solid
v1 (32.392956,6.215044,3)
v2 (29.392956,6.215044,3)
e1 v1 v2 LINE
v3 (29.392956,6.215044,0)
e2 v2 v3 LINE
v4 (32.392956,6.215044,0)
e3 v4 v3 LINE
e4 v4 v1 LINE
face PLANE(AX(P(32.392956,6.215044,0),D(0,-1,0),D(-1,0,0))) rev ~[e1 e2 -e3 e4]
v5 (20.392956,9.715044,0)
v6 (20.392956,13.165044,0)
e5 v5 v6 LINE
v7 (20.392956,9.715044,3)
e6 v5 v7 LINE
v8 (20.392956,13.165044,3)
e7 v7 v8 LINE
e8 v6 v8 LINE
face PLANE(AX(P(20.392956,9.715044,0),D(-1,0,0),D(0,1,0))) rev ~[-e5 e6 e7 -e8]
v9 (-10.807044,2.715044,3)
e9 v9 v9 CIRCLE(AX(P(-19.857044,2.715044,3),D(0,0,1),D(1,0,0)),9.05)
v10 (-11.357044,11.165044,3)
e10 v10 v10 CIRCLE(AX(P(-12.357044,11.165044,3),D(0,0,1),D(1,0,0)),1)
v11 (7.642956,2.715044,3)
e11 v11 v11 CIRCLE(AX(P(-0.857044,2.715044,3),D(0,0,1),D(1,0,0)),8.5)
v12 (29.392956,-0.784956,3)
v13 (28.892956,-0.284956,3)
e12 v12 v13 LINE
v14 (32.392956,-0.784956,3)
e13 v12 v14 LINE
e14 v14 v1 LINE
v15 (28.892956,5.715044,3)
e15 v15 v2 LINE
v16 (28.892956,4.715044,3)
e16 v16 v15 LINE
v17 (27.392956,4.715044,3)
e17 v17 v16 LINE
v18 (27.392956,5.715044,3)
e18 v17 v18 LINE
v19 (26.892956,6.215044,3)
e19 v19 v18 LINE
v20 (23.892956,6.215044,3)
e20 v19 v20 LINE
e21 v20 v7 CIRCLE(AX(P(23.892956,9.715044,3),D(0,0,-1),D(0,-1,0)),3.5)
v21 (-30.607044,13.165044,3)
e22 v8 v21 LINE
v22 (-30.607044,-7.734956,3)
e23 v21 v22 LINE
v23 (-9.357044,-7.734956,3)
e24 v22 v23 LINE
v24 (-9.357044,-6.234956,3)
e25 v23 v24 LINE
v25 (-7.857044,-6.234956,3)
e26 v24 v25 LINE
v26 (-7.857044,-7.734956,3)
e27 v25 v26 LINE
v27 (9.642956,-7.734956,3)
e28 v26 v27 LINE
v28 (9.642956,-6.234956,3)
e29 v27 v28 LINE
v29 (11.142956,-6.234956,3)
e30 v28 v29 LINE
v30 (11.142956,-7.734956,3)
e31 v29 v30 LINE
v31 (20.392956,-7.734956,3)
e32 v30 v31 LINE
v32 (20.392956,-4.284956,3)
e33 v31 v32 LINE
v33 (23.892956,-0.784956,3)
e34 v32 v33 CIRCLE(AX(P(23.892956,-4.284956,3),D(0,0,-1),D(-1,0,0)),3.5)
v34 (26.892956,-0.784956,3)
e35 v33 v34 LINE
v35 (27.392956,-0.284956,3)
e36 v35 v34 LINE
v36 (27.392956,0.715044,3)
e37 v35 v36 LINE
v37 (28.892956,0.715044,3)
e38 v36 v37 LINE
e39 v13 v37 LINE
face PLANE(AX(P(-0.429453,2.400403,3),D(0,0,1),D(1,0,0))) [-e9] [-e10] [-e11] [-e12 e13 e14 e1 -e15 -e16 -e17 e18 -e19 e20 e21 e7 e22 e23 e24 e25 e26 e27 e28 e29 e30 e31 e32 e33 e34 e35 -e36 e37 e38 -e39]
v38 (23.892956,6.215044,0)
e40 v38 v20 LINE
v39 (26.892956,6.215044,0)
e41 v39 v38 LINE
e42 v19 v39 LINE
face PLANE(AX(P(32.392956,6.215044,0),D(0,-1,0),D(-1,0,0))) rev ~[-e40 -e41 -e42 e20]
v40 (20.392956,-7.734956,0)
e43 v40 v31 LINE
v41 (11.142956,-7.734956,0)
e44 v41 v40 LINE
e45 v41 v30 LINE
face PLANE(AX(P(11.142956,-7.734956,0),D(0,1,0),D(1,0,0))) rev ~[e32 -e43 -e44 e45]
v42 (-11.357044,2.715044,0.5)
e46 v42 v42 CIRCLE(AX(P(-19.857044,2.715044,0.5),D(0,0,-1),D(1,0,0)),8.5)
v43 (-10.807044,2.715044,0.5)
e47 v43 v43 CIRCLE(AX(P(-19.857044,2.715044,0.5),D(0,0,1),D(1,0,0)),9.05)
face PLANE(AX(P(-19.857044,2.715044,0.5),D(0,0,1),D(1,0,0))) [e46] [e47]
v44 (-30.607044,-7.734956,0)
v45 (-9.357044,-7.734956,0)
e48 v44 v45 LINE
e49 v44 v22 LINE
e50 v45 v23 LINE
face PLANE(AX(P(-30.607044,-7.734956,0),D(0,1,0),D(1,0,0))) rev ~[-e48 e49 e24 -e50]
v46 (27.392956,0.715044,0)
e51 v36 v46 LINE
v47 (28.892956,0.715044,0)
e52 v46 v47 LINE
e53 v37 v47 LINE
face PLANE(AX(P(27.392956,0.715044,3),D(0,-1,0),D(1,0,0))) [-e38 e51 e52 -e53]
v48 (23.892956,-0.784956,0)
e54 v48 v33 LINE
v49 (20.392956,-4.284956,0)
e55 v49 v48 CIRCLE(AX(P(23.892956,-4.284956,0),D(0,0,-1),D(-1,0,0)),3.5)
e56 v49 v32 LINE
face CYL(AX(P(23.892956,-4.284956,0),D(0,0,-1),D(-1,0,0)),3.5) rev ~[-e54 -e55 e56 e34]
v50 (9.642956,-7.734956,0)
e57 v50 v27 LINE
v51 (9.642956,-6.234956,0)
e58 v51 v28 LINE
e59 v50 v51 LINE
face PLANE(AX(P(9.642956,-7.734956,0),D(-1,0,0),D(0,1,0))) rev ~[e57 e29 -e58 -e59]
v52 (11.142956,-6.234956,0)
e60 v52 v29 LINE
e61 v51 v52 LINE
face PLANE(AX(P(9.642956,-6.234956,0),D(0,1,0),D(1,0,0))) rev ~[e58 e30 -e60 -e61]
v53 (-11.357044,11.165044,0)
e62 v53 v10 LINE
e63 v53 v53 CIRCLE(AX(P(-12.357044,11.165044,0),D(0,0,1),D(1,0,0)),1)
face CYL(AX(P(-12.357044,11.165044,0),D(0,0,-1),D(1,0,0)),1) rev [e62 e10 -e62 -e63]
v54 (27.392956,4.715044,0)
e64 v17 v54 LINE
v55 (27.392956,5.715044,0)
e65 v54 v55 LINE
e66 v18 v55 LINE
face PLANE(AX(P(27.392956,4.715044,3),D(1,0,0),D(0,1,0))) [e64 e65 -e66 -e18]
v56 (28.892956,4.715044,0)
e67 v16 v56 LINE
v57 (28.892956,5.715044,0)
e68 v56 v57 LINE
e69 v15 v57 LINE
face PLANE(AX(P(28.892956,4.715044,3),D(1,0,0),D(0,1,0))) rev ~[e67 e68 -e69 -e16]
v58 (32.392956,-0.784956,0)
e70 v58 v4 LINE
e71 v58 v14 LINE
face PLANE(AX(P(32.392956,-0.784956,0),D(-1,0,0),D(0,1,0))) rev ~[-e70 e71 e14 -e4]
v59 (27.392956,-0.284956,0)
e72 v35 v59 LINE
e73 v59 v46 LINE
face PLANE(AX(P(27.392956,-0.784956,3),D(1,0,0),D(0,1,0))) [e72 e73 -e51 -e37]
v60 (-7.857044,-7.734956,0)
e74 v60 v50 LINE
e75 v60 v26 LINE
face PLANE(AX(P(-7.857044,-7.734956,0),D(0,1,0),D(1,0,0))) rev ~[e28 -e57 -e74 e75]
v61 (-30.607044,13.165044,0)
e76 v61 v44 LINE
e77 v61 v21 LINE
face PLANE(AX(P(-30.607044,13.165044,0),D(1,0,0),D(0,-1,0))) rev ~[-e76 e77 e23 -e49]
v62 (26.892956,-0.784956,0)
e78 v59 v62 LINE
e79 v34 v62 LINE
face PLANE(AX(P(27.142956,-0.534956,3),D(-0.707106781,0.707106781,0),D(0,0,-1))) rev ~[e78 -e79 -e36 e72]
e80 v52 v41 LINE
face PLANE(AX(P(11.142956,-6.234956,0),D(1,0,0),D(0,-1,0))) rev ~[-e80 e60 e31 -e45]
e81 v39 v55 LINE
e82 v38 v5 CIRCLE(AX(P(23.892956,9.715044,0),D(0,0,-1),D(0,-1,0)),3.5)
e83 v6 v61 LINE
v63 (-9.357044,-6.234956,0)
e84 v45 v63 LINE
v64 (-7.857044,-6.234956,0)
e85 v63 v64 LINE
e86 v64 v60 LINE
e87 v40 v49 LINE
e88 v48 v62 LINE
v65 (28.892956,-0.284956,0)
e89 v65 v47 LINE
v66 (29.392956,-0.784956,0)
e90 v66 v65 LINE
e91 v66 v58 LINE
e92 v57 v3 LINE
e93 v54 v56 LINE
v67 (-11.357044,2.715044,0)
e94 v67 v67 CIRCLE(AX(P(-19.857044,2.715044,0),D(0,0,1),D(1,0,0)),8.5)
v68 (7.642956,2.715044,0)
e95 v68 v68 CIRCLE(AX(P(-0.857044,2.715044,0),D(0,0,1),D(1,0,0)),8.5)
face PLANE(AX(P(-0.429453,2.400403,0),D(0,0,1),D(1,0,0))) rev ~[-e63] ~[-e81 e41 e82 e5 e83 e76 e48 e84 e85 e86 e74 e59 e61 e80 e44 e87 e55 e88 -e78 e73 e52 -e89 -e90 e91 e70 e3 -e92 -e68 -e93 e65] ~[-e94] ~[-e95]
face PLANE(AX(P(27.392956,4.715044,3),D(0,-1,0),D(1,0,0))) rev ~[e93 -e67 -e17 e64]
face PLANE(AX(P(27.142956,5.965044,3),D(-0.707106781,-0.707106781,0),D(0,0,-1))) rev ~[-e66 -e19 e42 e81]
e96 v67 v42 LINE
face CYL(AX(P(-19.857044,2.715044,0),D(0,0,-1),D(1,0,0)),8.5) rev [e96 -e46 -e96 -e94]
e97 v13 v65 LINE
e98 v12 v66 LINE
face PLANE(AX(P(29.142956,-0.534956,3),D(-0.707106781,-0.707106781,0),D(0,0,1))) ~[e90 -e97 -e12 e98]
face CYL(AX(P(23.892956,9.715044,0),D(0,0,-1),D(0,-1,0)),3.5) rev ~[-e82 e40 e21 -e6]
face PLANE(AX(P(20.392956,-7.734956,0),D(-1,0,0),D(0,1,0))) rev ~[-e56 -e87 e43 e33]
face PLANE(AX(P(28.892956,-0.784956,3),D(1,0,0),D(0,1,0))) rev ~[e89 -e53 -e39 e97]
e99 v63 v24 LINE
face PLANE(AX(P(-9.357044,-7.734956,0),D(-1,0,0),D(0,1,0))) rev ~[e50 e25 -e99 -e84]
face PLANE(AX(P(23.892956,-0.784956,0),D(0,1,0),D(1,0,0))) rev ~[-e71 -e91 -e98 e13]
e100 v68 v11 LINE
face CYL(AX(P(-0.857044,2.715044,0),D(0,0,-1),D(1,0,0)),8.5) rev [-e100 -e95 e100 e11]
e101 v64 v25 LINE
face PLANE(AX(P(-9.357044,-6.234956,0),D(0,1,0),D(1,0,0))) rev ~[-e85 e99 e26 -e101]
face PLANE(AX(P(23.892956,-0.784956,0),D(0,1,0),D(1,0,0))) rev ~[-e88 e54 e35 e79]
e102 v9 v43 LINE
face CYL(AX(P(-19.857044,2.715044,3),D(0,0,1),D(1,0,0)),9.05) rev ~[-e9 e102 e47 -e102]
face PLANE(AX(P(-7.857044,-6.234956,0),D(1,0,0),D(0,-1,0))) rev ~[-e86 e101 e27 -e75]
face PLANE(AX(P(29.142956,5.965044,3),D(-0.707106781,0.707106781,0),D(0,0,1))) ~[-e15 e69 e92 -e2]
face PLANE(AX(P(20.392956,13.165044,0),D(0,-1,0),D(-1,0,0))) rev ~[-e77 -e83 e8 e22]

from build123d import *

# Parameters (mm, degrees)
F0_R     = 8.5
F0_R_2   = 1
F1_DEPTH = 3
F2_R     = 9.05
F3_DEPTH = 2.5
F4_W     = 1.5
F4_H     = 1.5
F5_DEPTH = 3
F6_SIZE  = 0.5


with BuildPart() as f1:
    # F0 (on Top) → F1 (new body)
    with BuildSketch(Plane.XY):
        with BuildLine():
            Line((20.3929555267, 13.1650441562), (-30.6070444733, 13.1650441562))
            Line((-30.6070444733, 13.1650441562), (-30.6070444733, -7.7349558438))
            Line((-30.6070444733, -7.7349558438), (-9.3570444733, -7.7349558438))
            Line((-9.3570444733, -7.7349558438), (-9.3570444733, -6.2349558438))
            Line((-9.3570444733, -6.2349558438), (-7.8570444733, -6.2349558438))
            Line((-7.8570444733, -6.2349558438), (-7.8570444733, -7.7349558438))
            Line((-7.8570444733, -7.7349558438), (9.6429555267, -7.7349558438))
            Line((9.6429555267, -7.7349558438), (9.6429555267, -6.2349558438))
            Line((9.6429555267, -6.2349558438), (11.1429555267, -6.2349558438))
            Line((11.1429555267, -6.2349558438), (11.1429555267, -7.7349558438))
            Line((11.1429555267, -7.7349558438), (20.3929555267, -7.7349558438))
            Line((20.3929555267, -7.7349558438), (20.3929555267, -4.2849558438))
            ThreePointArc((20.3929555267, -4.2849558438), (21.4180817926, -1.8100821097), (23.8929555267, -0.7849558438))
            Line((23.8929555267, -0.7849558438), (32.3929555267, -0.7849558438))
            Line((32.3929555267, -0.7849558438), (32.3929555267, 6.2150441562))
            Line((32.3929555267, 6.2150441562), (23.8929555267, 6.2150441562))
            ThreePointArc((23.8929555267, 6.2150441562), (21.4180817926, 7.240170422), (20.3929555267, 9.7150441562))
            Line((20.3929555267, 9.7150441562), (20.3929555267, 13.1650441562))
        make_face()
        with Locations((-0.8570444733, 2.7150441562)):
            Circle(F0_R, mode=Mode.SUBTRACT)
        with Locations((-19.8570444733, 2.7150441562)):
            Circle(F0_R, mode=Mode.SUBTRACT)
        with Locations((-12.3570444733, 11.1650441562)):
            Circle(F0_R_2, mode=Mode.SUBTRACT)
    extrude(amount=F1_DEPTH)

    # F2 (on face) → F3 (cut)
    with BuildSketch(Plane.XY.offset(3)):
        with Locations((-19.8570444733, 2.7150441562)):
            Circle(F2_R)
    extrude(amount=-F3_DEPTH, mode=Mode.SUBTRACT)

    # F4 (on face) → F5 (cut)
    with BuildSketch(Plane.XY.offset(3)):
        with Locations((28.1429555267, -0.0349558438)):
            Rectangle(F4_W, F4_H)
        with Locations((28.1429555267, 5.4650441562)):
            Rectangle(F4_W, F4_H)
    extrude(amount=-F5_DEPTH, mode=Mode.SUBTRACT)

    # F6
    f6_edges = [f1.edges().sort_by_distance(p)[0] for p in [
        (27.392956, -0.784956, 1.5),
        (28.892956, -0.784956, 1.5),
        (28.892956, 6.215044, 1.5),
        (27.392956, 6.215044, 1.5),
    ]]
    chamfer(f6_edges, length=F6_SIZE)


solid = f1.part
